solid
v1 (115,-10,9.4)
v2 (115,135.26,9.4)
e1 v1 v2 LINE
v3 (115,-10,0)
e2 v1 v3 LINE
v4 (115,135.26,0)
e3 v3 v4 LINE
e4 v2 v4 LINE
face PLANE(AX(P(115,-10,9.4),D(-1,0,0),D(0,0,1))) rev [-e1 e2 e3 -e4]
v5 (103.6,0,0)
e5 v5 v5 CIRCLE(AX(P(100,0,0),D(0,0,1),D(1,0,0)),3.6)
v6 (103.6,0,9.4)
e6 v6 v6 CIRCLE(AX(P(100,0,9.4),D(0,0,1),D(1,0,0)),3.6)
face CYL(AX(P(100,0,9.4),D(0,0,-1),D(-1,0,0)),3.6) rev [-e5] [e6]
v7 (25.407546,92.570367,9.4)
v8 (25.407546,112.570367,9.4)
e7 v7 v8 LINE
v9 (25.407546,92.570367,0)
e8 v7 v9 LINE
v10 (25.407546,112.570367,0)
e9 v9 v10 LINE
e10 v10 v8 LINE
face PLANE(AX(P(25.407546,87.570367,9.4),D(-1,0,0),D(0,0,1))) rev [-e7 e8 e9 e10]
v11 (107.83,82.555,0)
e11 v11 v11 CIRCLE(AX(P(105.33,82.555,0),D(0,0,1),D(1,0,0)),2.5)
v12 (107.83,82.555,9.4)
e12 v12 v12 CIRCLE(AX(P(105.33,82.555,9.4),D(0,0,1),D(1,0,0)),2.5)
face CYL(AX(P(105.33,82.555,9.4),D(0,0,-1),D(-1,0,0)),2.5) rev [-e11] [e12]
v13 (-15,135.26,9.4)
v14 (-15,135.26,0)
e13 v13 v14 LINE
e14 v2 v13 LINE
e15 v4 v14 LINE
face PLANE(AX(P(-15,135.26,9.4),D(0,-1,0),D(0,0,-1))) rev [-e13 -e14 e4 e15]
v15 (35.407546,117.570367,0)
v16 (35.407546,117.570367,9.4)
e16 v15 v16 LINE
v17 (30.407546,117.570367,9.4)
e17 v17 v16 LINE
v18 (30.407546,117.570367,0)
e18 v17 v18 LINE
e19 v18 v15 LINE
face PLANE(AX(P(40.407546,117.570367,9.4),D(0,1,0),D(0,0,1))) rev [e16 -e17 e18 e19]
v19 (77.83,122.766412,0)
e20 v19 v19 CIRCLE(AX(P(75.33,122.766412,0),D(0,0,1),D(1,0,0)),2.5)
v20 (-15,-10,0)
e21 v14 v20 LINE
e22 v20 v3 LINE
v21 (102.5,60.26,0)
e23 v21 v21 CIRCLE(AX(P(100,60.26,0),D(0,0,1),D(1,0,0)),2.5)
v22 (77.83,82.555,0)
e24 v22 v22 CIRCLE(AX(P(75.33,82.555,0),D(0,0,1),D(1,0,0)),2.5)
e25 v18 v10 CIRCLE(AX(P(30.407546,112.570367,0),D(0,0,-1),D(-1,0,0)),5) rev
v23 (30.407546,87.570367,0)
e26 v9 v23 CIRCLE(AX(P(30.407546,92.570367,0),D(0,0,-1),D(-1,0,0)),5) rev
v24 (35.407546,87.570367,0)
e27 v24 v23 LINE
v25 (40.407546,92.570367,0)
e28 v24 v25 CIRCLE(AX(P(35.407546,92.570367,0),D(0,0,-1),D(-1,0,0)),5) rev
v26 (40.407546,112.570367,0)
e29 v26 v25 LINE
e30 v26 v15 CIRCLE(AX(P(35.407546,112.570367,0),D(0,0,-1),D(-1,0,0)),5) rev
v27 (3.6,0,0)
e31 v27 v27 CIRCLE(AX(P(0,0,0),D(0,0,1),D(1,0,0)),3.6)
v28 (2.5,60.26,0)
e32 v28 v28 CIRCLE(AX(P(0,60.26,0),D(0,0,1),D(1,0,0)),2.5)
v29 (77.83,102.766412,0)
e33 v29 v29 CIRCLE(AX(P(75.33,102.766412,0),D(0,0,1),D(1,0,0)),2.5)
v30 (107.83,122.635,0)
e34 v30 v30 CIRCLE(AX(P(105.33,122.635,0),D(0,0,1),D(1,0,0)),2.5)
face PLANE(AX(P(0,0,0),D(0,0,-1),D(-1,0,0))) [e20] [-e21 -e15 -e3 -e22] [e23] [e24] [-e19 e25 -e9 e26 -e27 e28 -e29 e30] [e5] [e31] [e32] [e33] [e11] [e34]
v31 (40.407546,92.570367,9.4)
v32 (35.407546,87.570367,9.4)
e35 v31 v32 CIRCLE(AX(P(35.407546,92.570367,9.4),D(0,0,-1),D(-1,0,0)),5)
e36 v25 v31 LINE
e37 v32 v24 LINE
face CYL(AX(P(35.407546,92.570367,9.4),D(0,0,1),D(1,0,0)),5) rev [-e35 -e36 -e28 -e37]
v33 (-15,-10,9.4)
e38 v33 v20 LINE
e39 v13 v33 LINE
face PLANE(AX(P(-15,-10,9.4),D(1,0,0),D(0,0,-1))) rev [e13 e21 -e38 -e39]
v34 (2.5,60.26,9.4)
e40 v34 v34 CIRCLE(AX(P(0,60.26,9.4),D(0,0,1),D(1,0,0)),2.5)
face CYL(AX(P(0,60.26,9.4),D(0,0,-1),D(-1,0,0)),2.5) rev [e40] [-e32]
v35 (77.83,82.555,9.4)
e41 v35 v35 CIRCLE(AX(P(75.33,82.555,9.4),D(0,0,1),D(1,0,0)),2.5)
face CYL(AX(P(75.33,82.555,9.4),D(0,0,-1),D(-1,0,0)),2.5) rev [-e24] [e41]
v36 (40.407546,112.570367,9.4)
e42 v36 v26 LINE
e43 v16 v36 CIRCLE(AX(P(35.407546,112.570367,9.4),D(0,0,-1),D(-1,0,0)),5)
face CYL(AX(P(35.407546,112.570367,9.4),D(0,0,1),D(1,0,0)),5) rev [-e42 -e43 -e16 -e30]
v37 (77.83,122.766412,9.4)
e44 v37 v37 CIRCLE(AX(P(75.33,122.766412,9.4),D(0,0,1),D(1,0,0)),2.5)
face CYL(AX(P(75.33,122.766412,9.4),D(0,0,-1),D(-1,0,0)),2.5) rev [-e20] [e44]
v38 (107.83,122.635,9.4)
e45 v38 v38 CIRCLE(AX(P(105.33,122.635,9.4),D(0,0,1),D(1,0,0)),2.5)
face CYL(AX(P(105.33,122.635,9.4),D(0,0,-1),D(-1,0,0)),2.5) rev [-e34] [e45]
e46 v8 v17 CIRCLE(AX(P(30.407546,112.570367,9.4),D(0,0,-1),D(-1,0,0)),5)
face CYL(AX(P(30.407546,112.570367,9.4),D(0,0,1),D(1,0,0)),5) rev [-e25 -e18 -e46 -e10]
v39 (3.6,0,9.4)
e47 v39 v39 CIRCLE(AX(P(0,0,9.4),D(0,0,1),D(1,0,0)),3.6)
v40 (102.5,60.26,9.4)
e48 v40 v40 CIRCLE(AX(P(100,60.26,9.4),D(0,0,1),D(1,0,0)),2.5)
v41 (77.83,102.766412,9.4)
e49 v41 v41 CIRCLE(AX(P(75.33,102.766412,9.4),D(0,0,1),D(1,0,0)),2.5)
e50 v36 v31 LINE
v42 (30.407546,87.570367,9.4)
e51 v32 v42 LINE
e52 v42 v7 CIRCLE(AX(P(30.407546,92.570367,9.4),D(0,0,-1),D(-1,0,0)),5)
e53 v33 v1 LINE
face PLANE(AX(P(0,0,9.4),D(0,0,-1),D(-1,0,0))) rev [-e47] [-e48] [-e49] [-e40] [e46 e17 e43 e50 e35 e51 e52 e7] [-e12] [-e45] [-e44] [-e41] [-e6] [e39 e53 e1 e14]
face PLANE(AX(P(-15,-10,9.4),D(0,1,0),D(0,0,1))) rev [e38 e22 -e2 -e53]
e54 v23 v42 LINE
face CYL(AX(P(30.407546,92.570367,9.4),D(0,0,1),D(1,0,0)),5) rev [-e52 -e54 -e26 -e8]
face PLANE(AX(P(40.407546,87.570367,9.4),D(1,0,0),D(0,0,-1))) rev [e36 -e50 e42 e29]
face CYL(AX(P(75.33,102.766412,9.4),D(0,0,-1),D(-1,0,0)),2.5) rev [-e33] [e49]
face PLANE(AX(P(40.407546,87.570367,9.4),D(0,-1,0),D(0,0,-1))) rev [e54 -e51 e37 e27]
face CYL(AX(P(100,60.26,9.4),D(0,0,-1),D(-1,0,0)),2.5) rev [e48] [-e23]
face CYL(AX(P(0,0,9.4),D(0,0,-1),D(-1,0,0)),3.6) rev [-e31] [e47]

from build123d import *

# Parameters (mm, degrees)
SKETCH1_W           = 130
SKETCH1_H           = 145.26
SKETCH1_R           = 3.6
SKETCH1_R_2         = 2.5
BOSS_EXTRUDE1_DEPTH = 9.4
SKETCH2_W           = 15
SKETCH2_H           = 30
CUT_EXTRUDE1_DEPTH  = 10.4
FILLET1_R           = 5


with BuildPart() as part:
    # Sketch1 → Boss-Extrude1 (new body)
    with BuildSketch(Plane.XY):
        with Locations((50, 62.63)):
            Rectangle(SKETCH1_W, SKETCH1_H)
        Circle(SKETCH1_R, mode=Mode.SUBTRACT)
        with Locations((0, 60.26)):
            Circle(SKETCH1_R_2, mode=Mode.SUBTRACT)
        with Locations((100, 60.26)):
            Circle(SKETCH1_R_2, mode=Mode.SUBTRACT)
        with Locations((100, 0)):
            Circle(SKETCH1_R, mode=Mode.SUBTRACT)
        with Locations((75.33, 82.555)):
            Circle(SKETCH1_R_2, mode=Mode.SUBTRACT)
        with Locations((105.33, 82.555)):
            Circle(SKETCH1_R_2, mode=Mode.SUBTRACT)
        with Locations((105.33, 122.635)):
            Circle(SKETCH1_R_2, mode=Mode.SUBTRACT)
        with Locations((75.33, 102.766411568)):
            Circle(SKETCH1_R_2, mode=Mode.SUBTRACT)
        with Locations((75.33, 122.766411568)):
            Circle(SKETCH1_R_2, mode=Mode.SUBTRACT)
    extrude(amount=BOSS_EXTRUDE1_DEPTH)

    # Sketch2 → Cut-Extrude1 (cut, through all)
    with BuildSketch(Plane(origin=(0, 0, 0), x_dir=(-1, 0, 0), z_dir=(0, 0, -1))):
        with Locations((-32.90754614, 102.570367495)):
            Rectangle(SKETCH2_W, SKETCH2_H)
    extrude(amount=-CUT_EXTRUDE1_DEPTH, mode=Mode.SUBTRACT)

    # Fillet1
    fillet1_edges = [part.edges().sort_by_distance(p)[0] for p in [
        (40.40754614, 87.570367495, 4.7),
        (40.40754614, 117.570367495, 4.7),
        (25.40754614, 117.570367495, 4.7),
        (25.40754614, 87.570367495, 4.7),
    ]]
    fillet(fillet1_edges, radius=FILLET1_R)


solid = part.part
